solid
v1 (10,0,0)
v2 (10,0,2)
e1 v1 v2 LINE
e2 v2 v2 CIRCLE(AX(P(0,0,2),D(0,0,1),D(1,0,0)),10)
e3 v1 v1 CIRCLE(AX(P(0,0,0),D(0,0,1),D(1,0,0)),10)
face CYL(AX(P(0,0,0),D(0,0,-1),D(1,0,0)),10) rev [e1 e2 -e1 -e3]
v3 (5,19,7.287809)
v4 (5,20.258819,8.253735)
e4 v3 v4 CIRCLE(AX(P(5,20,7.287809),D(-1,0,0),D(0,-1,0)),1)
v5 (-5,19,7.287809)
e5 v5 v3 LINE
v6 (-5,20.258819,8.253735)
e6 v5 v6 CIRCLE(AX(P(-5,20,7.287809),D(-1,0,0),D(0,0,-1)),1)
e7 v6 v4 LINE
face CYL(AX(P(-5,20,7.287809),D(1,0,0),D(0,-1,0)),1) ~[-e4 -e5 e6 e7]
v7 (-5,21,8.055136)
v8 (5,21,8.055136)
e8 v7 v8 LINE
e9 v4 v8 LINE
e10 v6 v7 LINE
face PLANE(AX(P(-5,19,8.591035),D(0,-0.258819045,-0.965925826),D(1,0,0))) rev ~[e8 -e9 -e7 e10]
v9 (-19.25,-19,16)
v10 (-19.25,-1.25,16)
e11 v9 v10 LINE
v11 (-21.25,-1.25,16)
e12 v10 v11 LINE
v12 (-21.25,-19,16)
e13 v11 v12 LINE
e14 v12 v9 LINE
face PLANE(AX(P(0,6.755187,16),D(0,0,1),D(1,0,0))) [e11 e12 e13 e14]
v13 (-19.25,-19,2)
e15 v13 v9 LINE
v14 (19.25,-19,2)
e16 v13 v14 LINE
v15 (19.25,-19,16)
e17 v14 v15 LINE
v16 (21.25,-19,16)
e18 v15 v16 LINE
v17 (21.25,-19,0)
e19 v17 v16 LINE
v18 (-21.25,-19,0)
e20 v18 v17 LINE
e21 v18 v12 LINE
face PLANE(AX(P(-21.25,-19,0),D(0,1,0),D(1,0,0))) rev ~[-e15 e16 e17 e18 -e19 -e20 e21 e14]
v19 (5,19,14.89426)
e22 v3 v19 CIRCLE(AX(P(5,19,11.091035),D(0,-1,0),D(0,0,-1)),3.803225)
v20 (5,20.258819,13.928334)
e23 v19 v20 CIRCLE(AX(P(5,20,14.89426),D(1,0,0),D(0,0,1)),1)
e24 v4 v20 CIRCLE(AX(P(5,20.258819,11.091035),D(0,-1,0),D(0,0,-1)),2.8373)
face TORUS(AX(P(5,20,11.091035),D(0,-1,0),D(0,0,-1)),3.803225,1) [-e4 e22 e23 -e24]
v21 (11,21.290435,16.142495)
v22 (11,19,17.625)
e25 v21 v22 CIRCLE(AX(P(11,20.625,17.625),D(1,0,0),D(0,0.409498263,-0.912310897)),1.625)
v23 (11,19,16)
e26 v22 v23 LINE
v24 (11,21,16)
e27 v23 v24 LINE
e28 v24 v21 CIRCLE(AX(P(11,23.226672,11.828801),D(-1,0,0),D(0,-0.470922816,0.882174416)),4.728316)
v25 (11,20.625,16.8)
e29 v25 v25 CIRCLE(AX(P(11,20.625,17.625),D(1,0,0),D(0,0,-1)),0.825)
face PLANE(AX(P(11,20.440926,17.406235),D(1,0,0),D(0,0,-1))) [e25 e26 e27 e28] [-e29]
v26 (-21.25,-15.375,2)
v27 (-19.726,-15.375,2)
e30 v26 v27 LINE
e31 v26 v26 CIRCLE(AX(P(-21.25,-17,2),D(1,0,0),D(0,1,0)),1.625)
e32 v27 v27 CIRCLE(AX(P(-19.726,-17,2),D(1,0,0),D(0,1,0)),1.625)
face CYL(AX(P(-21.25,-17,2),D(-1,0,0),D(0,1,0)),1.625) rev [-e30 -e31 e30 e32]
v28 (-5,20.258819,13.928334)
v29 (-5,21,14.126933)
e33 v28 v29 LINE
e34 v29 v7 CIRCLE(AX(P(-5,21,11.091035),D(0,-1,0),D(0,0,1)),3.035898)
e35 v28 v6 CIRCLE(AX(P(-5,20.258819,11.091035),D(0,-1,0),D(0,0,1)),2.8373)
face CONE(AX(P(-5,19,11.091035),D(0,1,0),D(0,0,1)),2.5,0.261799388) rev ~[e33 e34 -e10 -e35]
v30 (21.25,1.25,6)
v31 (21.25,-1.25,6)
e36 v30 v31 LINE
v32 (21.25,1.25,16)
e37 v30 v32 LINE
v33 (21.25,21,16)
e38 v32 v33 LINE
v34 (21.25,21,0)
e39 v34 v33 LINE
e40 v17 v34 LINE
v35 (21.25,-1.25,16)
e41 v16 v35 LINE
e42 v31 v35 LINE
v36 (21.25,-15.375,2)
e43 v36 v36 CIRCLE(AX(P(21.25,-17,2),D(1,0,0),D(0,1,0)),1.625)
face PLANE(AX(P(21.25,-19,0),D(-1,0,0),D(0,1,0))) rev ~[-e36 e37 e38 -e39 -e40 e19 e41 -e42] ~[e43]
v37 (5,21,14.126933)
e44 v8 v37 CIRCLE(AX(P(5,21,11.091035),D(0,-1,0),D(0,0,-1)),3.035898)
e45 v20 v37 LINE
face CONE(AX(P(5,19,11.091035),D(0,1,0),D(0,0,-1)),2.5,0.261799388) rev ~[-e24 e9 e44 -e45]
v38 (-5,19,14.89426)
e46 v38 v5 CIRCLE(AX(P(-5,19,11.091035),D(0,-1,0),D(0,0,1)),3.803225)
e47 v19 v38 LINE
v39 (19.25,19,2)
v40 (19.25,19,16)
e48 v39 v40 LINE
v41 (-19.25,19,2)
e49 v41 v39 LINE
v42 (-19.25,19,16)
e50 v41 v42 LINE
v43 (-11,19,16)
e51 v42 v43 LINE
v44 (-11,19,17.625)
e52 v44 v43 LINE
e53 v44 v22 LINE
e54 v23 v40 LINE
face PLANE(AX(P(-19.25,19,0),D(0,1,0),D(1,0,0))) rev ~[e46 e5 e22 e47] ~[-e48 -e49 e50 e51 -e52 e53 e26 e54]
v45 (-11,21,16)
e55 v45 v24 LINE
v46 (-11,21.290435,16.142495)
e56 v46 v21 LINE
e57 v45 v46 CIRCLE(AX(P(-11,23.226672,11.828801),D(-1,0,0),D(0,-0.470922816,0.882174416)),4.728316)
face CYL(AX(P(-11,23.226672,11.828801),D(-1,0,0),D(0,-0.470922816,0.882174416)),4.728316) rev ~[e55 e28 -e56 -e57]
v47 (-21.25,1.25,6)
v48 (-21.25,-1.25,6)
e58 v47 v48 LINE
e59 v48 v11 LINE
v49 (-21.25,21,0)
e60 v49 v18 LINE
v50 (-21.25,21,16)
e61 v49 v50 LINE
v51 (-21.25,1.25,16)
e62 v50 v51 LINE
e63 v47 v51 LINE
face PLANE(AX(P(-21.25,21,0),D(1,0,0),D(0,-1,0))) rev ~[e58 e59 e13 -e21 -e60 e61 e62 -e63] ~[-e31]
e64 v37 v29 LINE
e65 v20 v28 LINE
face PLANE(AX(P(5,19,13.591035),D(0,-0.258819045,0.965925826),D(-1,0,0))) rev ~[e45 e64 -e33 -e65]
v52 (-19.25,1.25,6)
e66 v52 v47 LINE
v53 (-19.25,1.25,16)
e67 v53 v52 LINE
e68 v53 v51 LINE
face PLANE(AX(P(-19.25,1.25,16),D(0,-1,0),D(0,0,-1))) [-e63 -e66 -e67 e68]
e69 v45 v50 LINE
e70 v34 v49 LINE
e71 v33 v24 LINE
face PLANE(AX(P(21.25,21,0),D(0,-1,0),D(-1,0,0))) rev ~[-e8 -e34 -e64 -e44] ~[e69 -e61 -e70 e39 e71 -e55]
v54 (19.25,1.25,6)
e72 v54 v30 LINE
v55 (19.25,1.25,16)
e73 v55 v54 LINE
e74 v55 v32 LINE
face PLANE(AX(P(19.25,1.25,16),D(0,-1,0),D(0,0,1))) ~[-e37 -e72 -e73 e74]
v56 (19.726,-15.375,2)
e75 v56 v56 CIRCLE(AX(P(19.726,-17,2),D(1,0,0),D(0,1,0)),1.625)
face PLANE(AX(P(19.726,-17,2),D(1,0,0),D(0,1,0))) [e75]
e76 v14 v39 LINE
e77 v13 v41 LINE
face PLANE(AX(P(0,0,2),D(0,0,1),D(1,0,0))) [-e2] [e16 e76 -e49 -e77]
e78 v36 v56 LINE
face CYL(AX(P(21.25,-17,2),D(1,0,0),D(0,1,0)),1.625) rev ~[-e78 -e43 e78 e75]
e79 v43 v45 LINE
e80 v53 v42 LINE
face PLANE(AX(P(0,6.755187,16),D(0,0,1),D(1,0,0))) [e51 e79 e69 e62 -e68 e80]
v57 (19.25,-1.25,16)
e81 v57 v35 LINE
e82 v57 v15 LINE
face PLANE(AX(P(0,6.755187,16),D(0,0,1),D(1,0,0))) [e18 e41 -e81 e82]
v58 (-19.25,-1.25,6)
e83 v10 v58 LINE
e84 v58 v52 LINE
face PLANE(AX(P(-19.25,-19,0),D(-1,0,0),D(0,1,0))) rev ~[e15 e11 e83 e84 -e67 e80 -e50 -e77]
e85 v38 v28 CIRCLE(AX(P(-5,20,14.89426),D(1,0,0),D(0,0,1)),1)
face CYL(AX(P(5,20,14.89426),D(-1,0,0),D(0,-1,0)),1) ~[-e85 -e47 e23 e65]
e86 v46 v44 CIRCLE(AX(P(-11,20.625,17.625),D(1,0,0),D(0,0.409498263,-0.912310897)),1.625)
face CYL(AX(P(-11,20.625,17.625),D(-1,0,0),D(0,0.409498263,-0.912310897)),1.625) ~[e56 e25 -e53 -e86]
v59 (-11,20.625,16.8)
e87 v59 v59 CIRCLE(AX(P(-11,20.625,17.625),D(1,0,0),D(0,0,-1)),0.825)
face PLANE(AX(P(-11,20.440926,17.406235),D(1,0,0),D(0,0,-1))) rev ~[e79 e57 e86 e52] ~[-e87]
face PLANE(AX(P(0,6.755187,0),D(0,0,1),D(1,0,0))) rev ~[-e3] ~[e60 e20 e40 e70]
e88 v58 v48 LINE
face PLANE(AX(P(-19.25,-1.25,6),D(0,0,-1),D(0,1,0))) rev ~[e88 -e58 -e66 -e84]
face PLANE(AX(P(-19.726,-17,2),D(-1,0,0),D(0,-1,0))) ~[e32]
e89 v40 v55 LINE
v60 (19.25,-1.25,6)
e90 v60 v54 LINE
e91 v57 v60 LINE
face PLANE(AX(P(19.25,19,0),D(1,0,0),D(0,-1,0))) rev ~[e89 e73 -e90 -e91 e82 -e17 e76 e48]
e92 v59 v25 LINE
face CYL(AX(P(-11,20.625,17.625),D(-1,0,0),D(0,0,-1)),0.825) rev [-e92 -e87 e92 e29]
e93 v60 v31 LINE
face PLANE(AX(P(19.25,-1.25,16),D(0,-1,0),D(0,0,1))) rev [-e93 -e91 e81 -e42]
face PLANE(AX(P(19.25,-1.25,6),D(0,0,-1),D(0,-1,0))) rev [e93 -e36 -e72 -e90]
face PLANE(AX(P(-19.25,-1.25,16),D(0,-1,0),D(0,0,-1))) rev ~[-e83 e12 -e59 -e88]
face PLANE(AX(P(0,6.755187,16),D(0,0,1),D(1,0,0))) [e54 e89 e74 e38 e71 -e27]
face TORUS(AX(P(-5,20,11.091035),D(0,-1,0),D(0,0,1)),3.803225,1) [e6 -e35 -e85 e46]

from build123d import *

# Parameters (mm, degrees)
SKETCH1_W                = 38.5
SKETCH1_H                = 38
SKETCH1_R                = 10
BOSS_EXTRUDE1_DEPTH      = 2
BOSS_EXTRUDE2_DEPTH      = 14
BOSS_EXTRUDE2_DEPTH_BACK = 2
CUT_EXTRUDE1_REACH       = 50.345
SKETCH3_W                = 10
SKETCH3_H                = 2.5
CUT_EXTRUDE2_DEPTH       = 47.384938288
CUT_EXTRUDE2_DRAFT       = 15
FILLET1_R                = 1
BOSS_EXTRUDE3_DEPTH      = 11
BOSS_EXTRUDE3_DEPTH_BACK = 11
SKETCH7_R                = 0.825
SKETCH8_R                = 1.625
CUT_EXTRUDE3_DEPTH       = 1.524


with BuildPart() as part:
    # Sketch1 → Boss-Extrude1 (new body)
    with BuildSketch(Plane.XY):
        Rectangle(SKETCH1_W, SKETCH1_H)
        Circle(SKETCH1_R, mode=Mode.SUBTRACT)
    extrude(amount=BOSS_EXTRUDE1_DEPTH)

    # Sketch2 → Boss-Extrude2 (add, two sides: drawn at the far end of the back side and taken through both)
    with BuildSketch(Plane.XY.offset(2).offset(-BOSS_EXTRUDE2_DEPTH_BACK)):
        Polygon((-21.25, -19), (-19.25, -19), (-19.25, 19), (19.25, 19), (19.25, -19), (21.25, -19), (21.25, 21), (-21.25, 21), align=None)
    extrude(amount=BOSS_EXTRUDE2_DEPTH + BOSS_EXTRUDE2_DEPTH_BACK)

    # Sketch3 → Cut-Extrude1 (cut, up to next)
    with BuildSketch(Plane(origin=(-19.25, 0, 0), x_dir=(0, 0, -1), z_dir=(1, 0, 0)), mode=Mode.PRIVATE) as cut_extrude1_sk1:
        with Locations((-11, 0)):
            Rectangle(SKETCH3_W, SKETCH3_H)
    cut_extrude1_tool1 = extrude(cut_extrude1_sk1.sketch, amount=-CUT_EXTRUDE1_REACH, mode=Mode.PRIVATE) & part.part
    cut_extrude1 = cut_extrude1_tool1.solids().sort_by_distance((-19.25, 0, 11))[0]
    add(cut_extrude1, mode=Mode.SUBTRACT)

    # Mirror1: Cut-Extrude1 across plane
    add(cut_extrude1.mirror(Plane(origin=(0, 0, 0), x_dir=(0, 0, 1), z_dir=(1, 0, 0))), mode=Mode.SUBTRACT)


with BuildPart() as cut_extrude2_tool:
    # Sketch5 → Cut-Extrude2 (with draft: the straight prism first)
    with BuildSketch(Plane.XZ.offset(-19)):
        with BuildLine():
            ThreePointArc((-5, 13.591034656), (-7.5, 11.091034656), (-5, 8.591034656))
            Line((-5, 8.591034656), (5, 8.591034656))
            ThreePointArc((5, 8.591034656), (7.5, 11.091034656), (5, 13.591034656))
            Line((5, 13.591034656), (-5, 13.591034656))
        make_face()
    extrude(amount=-CUT_EXTRUDE2_DEPTH)
    # Cut-Extrude2: the draft: its side faces are tilted about the plane it starts from
    cut_extrude2_sides = [cut_extrude2_tool.faces().sort_by_distance(p)[0] for p in [
        (0, 42.692469144, 13.591034656),
        (-7.5, 42.692469144, 11.091034656),
        (0, 42.692469144, 8.591034656),
        (7.5, 42.692469144, 11.091034656),
    ]]
    draft(cut_extrude2_sides, Plane.XZ.offset(-19), CUT_EXTRUDE2_DRAFT)


with BuildPart() as part_1:
    add(part.part)

    # Cut-Extrude2: cut by cut_extrude2_tool
    add(cut_extrude2_tool.part, mode=Mode.SUBTRACT)

    # Fillet1
    fillet1_edges = [part_1.edges().sort_by_distance(p)[0] for p in [
        (-7.5, 19, 11.091034656),
        (0, 19, 8.591034656),
        (7.5, 19, 11.091034656),
        (0, 19, 13.591034656),
    ]]
    fillet(fillet1_edges, radius=FILLET1_R)

    # Sketch7 → Boss-Extrude3 (add, two sides: drawn at the far end of the back side and taken through both)
    with BuildSketch(Plane(origin=(0, 0, 0), x_dir=(0, 0, -1), z_dir=(1, 0, 0)).offset(-BOSS_EXTRUDE3_DEPTH_BACK)):
        with BuildLine():
            Line((-17.625, 19), (-16, 19))
            Line((-16, 19), (-16, 21))
            ThreePointArc((-16, 21), (-16.073732036, 21.14399831), (-16.142494793, 21.290434678))
            ThreePointArc((-16.142494793, 21.290434678), (-18.989176739, 21.507976118), (-17.625, 19))
        make_face()
        with Locations((-17.625, 20.625)):
            Circle(SKETCH7_R, mode=Mode.SUBTRACT)
    extrude(amount=BOSS_EXTRUDE3_DEPTH + BOSS_EXTRUDE3_DEPTH_BACK)

    # Sketch8 → Cut-Extrude3 (cut)
    with BuildSketch(Plane(origin=(21.25, 0, 0), x_dir=(0, 0, -1), z_dir=(1, 0, 0))):
        with Locations(Location((-2, -17, 0), (0, 0, 90))):
            Circle(SKETCH8_R)
    cut_extrude3 = extrude(amount=-CUT_EXTRUDE3_DEPTH, mode=Mode.SUBTRACT)

    # Mirror2: Cut-Extrude3 across plane
    add(cut_extrude3.mirror(Plane(origin=(0, 0, 0), x_dir=(0, 0, 1), z_dir=(1, 0, 0))), mode=Mode.SUBTRACT)


solid = part_1.part
